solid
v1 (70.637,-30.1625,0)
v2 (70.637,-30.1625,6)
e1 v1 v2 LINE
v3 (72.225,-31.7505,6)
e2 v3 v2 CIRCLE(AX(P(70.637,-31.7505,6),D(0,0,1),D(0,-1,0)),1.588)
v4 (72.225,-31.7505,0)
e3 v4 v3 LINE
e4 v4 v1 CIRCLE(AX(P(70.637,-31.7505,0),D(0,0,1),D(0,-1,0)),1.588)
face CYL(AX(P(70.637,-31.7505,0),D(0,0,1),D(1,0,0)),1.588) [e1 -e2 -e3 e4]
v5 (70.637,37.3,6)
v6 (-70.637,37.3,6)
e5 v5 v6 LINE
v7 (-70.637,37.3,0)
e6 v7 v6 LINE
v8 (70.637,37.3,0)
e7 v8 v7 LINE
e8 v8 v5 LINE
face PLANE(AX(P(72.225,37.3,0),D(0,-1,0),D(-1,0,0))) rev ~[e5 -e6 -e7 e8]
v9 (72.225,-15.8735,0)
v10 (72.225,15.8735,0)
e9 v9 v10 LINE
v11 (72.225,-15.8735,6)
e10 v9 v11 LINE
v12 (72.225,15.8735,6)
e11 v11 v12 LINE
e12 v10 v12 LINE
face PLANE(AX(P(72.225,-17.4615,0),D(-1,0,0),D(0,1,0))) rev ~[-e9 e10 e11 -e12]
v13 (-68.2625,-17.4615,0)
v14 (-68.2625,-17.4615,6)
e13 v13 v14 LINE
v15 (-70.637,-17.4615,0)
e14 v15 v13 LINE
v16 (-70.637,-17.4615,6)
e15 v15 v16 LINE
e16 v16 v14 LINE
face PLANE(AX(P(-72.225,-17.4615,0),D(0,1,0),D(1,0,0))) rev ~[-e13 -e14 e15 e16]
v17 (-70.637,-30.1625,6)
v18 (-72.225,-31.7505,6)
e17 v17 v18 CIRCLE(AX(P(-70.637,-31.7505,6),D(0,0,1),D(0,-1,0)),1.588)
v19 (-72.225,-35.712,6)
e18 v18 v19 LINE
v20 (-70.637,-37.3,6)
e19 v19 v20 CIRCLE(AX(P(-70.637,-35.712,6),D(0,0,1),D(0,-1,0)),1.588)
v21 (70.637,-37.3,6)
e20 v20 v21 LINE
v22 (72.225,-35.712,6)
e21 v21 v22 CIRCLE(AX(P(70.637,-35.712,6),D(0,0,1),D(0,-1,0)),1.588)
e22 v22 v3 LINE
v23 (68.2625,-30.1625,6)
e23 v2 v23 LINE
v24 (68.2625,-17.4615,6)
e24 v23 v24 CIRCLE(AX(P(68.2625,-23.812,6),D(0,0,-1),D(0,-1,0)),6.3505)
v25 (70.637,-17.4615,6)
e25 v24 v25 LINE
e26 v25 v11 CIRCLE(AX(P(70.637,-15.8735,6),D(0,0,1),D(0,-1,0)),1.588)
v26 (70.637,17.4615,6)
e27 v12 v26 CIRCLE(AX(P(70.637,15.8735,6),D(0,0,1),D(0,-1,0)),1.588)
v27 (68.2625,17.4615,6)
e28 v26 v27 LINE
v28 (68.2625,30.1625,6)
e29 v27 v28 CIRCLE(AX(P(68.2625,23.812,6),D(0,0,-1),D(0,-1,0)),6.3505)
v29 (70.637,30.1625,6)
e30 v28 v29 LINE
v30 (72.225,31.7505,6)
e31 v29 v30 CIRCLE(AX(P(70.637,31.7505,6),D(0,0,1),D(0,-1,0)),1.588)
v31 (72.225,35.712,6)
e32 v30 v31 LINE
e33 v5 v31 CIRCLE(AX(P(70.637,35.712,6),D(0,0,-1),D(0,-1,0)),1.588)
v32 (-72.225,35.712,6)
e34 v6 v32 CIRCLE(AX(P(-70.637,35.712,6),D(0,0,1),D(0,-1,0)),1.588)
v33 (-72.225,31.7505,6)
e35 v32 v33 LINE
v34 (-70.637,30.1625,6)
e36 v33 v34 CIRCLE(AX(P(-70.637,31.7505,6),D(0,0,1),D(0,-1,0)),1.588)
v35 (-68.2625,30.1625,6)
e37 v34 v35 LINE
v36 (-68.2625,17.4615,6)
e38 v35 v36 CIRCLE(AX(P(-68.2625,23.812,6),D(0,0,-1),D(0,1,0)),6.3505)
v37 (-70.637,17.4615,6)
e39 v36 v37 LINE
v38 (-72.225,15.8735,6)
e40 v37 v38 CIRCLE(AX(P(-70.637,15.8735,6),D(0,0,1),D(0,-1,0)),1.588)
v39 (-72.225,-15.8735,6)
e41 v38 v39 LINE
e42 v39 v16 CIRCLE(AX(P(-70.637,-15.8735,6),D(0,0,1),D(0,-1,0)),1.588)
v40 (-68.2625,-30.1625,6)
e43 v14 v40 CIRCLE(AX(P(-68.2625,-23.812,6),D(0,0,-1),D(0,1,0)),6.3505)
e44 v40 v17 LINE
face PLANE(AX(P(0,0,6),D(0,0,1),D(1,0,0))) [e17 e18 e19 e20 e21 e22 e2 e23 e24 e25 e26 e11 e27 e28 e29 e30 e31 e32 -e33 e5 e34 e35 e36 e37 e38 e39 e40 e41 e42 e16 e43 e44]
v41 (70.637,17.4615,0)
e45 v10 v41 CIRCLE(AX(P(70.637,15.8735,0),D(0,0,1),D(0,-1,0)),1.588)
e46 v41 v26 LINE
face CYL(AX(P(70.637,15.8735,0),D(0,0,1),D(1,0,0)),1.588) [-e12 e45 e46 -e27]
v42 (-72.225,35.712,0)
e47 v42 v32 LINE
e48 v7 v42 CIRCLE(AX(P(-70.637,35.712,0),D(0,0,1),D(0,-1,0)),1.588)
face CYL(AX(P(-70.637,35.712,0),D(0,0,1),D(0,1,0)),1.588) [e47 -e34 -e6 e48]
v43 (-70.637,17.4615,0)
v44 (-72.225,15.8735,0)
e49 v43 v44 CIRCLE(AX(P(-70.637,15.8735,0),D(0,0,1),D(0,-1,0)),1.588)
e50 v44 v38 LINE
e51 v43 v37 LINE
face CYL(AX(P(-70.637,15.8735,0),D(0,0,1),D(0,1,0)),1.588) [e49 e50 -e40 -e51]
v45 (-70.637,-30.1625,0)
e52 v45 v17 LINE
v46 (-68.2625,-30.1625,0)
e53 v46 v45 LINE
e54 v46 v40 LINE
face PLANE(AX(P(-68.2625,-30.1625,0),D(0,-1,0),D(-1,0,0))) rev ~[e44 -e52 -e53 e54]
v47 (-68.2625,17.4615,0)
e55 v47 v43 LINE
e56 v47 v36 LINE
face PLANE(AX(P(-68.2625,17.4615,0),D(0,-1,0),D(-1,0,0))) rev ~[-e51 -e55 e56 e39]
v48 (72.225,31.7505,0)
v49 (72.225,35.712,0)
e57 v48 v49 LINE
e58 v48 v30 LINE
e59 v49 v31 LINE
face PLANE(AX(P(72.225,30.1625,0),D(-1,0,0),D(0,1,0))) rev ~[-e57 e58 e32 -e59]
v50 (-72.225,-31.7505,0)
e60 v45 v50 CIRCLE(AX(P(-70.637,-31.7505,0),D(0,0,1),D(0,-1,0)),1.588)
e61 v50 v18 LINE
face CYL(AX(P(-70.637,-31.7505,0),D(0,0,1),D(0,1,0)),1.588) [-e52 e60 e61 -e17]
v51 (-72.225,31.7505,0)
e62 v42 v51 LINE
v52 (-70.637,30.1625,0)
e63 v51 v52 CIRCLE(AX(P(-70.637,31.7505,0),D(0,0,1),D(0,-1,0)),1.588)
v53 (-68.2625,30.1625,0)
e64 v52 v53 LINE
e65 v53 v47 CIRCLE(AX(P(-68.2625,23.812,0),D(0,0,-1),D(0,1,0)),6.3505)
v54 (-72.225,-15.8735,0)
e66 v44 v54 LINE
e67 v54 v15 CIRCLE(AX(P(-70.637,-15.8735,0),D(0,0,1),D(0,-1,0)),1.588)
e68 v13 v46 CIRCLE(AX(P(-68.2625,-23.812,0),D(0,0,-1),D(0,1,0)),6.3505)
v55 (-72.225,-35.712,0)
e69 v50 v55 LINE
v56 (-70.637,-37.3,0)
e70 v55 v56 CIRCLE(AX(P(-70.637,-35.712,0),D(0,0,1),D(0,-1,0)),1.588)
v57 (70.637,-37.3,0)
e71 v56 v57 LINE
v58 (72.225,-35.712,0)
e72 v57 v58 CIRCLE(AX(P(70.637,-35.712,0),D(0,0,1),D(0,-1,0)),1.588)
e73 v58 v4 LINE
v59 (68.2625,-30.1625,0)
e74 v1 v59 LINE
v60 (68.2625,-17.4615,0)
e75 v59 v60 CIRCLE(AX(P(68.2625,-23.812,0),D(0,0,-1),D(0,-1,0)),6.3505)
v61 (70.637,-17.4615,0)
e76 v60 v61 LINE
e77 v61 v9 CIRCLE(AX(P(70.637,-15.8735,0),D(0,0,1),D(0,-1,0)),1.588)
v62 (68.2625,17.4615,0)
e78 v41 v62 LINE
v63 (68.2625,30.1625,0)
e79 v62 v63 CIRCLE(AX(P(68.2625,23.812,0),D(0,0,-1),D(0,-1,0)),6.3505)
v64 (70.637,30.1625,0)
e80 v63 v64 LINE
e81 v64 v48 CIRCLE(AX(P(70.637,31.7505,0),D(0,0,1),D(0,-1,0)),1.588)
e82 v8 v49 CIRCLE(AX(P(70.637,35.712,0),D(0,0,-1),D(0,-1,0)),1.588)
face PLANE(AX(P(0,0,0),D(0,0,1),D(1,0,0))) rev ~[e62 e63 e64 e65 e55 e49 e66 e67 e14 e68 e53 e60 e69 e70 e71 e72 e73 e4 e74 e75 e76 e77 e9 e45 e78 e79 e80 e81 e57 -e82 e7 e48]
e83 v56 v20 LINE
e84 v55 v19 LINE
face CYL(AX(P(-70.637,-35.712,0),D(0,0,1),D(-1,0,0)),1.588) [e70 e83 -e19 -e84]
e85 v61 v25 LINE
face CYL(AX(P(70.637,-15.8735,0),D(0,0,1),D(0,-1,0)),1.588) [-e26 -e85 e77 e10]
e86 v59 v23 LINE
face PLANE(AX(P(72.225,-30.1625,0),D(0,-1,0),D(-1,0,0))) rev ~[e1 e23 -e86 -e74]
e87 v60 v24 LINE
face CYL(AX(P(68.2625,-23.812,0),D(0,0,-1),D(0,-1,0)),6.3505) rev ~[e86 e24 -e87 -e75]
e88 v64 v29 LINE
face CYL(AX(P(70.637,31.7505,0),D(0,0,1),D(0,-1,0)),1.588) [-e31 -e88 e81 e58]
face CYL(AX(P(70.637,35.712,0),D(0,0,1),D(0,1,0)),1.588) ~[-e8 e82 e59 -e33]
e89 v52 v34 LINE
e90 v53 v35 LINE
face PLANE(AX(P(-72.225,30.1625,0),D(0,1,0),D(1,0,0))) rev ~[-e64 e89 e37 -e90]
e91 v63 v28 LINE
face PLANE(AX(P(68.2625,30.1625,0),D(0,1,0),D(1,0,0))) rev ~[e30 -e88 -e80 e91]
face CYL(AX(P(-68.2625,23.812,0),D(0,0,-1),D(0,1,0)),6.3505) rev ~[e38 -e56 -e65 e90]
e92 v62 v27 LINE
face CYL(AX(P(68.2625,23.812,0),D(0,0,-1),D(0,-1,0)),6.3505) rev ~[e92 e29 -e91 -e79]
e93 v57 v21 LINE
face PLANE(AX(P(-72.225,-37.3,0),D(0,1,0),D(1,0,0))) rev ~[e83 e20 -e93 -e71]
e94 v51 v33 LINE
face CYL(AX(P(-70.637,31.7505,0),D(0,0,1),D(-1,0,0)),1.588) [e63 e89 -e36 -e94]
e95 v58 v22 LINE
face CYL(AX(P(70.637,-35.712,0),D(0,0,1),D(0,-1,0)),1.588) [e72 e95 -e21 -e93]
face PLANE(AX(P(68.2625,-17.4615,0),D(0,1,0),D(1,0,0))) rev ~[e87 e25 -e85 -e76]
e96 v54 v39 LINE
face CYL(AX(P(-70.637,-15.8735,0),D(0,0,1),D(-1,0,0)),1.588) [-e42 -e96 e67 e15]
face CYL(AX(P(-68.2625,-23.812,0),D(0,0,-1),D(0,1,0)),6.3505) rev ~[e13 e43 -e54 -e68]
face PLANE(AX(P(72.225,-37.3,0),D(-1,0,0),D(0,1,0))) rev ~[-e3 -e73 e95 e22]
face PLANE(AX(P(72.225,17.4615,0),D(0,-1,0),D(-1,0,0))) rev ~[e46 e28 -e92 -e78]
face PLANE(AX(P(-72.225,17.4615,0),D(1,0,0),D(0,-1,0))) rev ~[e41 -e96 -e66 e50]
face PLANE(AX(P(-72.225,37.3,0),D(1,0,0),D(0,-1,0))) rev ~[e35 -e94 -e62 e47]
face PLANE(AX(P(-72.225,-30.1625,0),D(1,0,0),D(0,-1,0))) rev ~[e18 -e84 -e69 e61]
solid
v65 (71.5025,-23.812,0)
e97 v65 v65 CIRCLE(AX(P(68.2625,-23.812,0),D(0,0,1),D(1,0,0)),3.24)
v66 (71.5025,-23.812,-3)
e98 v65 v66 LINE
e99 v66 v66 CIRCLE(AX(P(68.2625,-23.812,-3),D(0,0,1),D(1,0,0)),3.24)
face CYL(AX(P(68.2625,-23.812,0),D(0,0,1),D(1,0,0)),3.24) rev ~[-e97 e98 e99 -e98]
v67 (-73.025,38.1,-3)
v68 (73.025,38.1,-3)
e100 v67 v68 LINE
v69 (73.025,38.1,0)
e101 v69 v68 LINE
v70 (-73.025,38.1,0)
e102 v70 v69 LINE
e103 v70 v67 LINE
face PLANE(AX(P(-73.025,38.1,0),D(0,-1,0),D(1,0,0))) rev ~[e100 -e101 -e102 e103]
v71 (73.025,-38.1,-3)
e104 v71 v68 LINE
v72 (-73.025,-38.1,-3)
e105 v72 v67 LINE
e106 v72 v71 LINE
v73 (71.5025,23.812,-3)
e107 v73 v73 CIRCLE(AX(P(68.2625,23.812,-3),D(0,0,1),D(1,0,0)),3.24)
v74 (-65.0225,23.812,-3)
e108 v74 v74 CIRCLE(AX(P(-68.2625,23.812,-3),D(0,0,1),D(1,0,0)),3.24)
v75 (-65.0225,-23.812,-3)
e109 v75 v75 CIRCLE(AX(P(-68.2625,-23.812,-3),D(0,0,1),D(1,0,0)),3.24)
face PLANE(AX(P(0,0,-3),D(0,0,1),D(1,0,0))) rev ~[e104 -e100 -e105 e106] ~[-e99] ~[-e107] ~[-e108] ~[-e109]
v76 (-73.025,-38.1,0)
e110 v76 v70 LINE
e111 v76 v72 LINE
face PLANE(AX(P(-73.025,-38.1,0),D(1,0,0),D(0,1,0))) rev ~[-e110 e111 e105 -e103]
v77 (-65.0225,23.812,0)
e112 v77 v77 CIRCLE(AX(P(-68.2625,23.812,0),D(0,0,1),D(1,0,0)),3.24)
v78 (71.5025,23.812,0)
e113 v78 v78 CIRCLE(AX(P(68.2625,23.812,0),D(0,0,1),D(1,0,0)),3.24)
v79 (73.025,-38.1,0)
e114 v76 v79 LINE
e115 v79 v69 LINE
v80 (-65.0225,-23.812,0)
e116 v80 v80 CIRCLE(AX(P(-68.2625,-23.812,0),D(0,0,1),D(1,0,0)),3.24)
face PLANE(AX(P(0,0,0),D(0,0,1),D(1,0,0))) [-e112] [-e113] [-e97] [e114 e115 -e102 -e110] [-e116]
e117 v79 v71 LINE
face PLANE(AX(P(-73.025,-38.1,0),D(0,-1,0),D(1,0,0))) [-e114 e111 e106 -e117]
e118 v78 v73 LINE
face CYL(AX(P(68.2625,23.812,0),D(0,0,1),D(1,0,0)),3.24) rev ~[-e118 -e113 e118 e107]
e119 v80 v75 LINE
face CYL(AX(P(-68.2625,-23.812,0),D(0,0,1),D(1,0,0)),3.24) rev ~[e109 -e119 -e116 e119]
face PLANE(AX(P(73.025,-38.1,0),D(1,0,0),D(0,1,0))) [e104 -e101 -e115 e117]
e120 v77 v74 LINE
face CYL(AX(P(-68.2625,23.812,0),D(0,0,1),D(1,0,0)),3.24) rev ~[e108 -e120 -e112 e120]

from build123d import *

# Parameters (mm, degrees)
F0_W     = 146.05
F0_H     = 76.2
F0_R     = 3.24
F1_DEPTH = 3
F2_DEPTH = 6
F3_R     = 1.588


with BuildPart() as f1:
    # F0 (on Top) → F1 (new body)
    with BuildSketch(Plane.XY):
        Rectangle(F0_W, F0_H)
        with Locations((-68.2625, -23.812)):
            Circle(F0_R, mode=Mode.SUBTRACT)
        with Locations((68.2625, -23.812)):
            Circle(F0_R, mode=Mode.SUBTRACT)
        with Locations((-68.2625, 23.812)):
            Circle(F0_R, mode=Mode.SUBTRACT)
        with BuildLine():
            Line((-72.225, 30.1625), (-72.225, 37.3))
            Line((-72.225, 37.3), (72.225, 37.3))
            Line((72.225, 37.3), (72.225, 30.1625))
            Line((72.225, 30.1625), (68.2625, 30.1625))
            ThreePointArc((68.2625, 30.1625), (61.912, 23.812), (68.2625, 17.4615))
            Line((68.2625, 17.4615), (72.225, 17.4615))
            Line((72.225, 17.4615), (72.225, -17.4615))
            Line((72.225, -17.4615), (68.2625, -17.4615))
            ThreePointArc((68.2625, -17.4615), (61.912, -23.812), (68.2625, -30.1625))
            Line((68.2625, -30.1625), (72.225, -30.1625))
            Line((72.225, -30.1625), (72.225, -37.3))
            Line((72.225, -37.3), (-72.225, -37.3))
            Line((-72.225, -37.3), (-72.225, -30.1625))
            Line((-72.225, -30.1625), (-68.2625, -30.1625))
            ThreePointArc((-68.2625, -30.1625), (-61.912, -23.812), (-68.2625, -17.4615))
            Line((-68.2625, -17.4615), (-72.225, -17.4615))
            Line((-72.225, -17.4615), (-72.225, 17.4615))
            Line((-72.225, 17.4615), (-68.2625, 17.4615))
            ThreePointArc((-68.2625, 17.4615), (-61.912, 23.812), (-68.2625, 30.1625))
            Line((-68.2625, 30.1625), (-72.225, 30.1625))
        make_face(mode=Mode.SUBTRACT)
        with Locations((68.2625, 23.812)):
            Circle(F0_R, mode=Mode.SUBTRACT)
        with BuildLine():
            Line((72.225, 37.3), (-72.225, 37.3))
            Line((-72.225, 37.3), (-72.225, 30.1625))
            Line((-72.225, 30.1625), (-68.2625, 30.1625))
            ThreePointArc((-68.2625, 30.1625), (-61.912, 23.812), (-68.2625, 17.4615))
            Line((-68.2625, 17.4615), (-72.225, 17.4615))
            Line((-72.225, 17.4615), (-72.225, -17.4615))
            Line((-72.225, -17.4615), (-68.2625, -17.4615))
            ThreePointArc((-68.2625, -17.4615), (-61.912, -23.812), (-68.2625, -30.1625))
            Line((-68.2625, -30.1625), (-72.225, -30.1625))
            Line((-72.225, -30.1625), (-72.225, -37.3))
            Line((-72.225, -37.3), (72.225, -37.3))
            Line((72.225, -37.3), (72.225, -30.1625))
            Line((72.225, -30.1625), (68.2625, -30.1625))
            ThreePointArc((68.2625, -30.1625), (61.912, -23.812), (68.2625, -17.4615))
            Line((68.2625, -17.4615), (72.225, -17.4615))
            Line((72.225, -17.4615), (72.225, 17.4615))
            Line((72.225, 17.4615), (68.2625, 17.4615))
            ThreePointArc((68.2625, 17.4615), (61.912, 23.812), (68.2625, 30.1625))
            Line((68.2625, 30.1625), (72.225, 30.1625))
            Line((72.225, 30.1625), (72.225, 37.3))
        make_face()
    extrude(amount=-F1_DEPTH)


with BuildPart() as f2:
    # F0 (on Top) → F2 (new body)
    with BuildSketch(Plane.XY):
        with BuildLine():
            Line((72.225, 37.3), (-72.225, 37.3))
            Line((-72.225, 37.3), (-72.225, 30.1625))
            Line((-72.225, 30.1625), (-68.2625, 30.1625))
            ThreePointArc((-68.2625, 30.1625), (-61.912, 23.812), (-68.2625, 17.4615))
            Line((-68.2625, 17.4615), (-72.225, 17.4615))
            Line((-72.225, 17.4615), (-72.225, -17.4615))
            Line((-72.225, -17.4615), (-68.2625, -17.4615))
            ThreePointArc((-68.2625, -17.4615), (-61.912, -23.812), (-68.2625, -30.1625))
            Line((-68.2625, -30.1625), (-72.225, -30.1625))
            Line((-72.225, -30.1625), (-72.225, -37.3))
            Line((-72.225, -37.3), (72.225, -37.3))
            Line((72.225, -37.3), (72.225, -30.1625))
            Line((72.225, -30.1625), (68.2625, -30.1625))
            ThreePointArc((68.2625, -30.1625), (61.912, -23.812), (68.2625, -17.4615))
            Line((68.2625, -17.4615), (72.225, -17.4615))
            Line((72.225, -17.4615), (72.225, 17.4615))
            Line((72.225, 17.4615), (68.2625, 17.4615))
            ThreePointArc((68.2625, 17.4615), (61.912, 23.812), (68.2625, 30.1625))
            Line((68.2625, 30.1625), (72.225, 30.1625))
            Line((72.225, 30.1625), (72.225, 37.3))
        make_face()
    extrude(amount=F2_DEPTH)

    # F3
    f3_edges = [f2.edges().sort_by_distance(p)[0] for p in [
        (-72.225, 37.3, 3),
        (-72.225, 30.1625, 3),
        (-72.225, 17.4615, 3),
        (-72.225, -17.4615, 3),
        (-72.225, -30.1625, 3),
        (-72.225, -37.3, 3),
        (72.225, 37.3, 3),
        (72.225, 30.1625, 3),
        (72.225, 17.4615, 3),
        (72.225, -17.4615, 3),
        (72.225, -30.1625, 3),
        (72.225, -37.3, 3),
    ]]
    fillet(f3_edges, radius=F3_R)


solid = Compound([f1.part, f2.part])
